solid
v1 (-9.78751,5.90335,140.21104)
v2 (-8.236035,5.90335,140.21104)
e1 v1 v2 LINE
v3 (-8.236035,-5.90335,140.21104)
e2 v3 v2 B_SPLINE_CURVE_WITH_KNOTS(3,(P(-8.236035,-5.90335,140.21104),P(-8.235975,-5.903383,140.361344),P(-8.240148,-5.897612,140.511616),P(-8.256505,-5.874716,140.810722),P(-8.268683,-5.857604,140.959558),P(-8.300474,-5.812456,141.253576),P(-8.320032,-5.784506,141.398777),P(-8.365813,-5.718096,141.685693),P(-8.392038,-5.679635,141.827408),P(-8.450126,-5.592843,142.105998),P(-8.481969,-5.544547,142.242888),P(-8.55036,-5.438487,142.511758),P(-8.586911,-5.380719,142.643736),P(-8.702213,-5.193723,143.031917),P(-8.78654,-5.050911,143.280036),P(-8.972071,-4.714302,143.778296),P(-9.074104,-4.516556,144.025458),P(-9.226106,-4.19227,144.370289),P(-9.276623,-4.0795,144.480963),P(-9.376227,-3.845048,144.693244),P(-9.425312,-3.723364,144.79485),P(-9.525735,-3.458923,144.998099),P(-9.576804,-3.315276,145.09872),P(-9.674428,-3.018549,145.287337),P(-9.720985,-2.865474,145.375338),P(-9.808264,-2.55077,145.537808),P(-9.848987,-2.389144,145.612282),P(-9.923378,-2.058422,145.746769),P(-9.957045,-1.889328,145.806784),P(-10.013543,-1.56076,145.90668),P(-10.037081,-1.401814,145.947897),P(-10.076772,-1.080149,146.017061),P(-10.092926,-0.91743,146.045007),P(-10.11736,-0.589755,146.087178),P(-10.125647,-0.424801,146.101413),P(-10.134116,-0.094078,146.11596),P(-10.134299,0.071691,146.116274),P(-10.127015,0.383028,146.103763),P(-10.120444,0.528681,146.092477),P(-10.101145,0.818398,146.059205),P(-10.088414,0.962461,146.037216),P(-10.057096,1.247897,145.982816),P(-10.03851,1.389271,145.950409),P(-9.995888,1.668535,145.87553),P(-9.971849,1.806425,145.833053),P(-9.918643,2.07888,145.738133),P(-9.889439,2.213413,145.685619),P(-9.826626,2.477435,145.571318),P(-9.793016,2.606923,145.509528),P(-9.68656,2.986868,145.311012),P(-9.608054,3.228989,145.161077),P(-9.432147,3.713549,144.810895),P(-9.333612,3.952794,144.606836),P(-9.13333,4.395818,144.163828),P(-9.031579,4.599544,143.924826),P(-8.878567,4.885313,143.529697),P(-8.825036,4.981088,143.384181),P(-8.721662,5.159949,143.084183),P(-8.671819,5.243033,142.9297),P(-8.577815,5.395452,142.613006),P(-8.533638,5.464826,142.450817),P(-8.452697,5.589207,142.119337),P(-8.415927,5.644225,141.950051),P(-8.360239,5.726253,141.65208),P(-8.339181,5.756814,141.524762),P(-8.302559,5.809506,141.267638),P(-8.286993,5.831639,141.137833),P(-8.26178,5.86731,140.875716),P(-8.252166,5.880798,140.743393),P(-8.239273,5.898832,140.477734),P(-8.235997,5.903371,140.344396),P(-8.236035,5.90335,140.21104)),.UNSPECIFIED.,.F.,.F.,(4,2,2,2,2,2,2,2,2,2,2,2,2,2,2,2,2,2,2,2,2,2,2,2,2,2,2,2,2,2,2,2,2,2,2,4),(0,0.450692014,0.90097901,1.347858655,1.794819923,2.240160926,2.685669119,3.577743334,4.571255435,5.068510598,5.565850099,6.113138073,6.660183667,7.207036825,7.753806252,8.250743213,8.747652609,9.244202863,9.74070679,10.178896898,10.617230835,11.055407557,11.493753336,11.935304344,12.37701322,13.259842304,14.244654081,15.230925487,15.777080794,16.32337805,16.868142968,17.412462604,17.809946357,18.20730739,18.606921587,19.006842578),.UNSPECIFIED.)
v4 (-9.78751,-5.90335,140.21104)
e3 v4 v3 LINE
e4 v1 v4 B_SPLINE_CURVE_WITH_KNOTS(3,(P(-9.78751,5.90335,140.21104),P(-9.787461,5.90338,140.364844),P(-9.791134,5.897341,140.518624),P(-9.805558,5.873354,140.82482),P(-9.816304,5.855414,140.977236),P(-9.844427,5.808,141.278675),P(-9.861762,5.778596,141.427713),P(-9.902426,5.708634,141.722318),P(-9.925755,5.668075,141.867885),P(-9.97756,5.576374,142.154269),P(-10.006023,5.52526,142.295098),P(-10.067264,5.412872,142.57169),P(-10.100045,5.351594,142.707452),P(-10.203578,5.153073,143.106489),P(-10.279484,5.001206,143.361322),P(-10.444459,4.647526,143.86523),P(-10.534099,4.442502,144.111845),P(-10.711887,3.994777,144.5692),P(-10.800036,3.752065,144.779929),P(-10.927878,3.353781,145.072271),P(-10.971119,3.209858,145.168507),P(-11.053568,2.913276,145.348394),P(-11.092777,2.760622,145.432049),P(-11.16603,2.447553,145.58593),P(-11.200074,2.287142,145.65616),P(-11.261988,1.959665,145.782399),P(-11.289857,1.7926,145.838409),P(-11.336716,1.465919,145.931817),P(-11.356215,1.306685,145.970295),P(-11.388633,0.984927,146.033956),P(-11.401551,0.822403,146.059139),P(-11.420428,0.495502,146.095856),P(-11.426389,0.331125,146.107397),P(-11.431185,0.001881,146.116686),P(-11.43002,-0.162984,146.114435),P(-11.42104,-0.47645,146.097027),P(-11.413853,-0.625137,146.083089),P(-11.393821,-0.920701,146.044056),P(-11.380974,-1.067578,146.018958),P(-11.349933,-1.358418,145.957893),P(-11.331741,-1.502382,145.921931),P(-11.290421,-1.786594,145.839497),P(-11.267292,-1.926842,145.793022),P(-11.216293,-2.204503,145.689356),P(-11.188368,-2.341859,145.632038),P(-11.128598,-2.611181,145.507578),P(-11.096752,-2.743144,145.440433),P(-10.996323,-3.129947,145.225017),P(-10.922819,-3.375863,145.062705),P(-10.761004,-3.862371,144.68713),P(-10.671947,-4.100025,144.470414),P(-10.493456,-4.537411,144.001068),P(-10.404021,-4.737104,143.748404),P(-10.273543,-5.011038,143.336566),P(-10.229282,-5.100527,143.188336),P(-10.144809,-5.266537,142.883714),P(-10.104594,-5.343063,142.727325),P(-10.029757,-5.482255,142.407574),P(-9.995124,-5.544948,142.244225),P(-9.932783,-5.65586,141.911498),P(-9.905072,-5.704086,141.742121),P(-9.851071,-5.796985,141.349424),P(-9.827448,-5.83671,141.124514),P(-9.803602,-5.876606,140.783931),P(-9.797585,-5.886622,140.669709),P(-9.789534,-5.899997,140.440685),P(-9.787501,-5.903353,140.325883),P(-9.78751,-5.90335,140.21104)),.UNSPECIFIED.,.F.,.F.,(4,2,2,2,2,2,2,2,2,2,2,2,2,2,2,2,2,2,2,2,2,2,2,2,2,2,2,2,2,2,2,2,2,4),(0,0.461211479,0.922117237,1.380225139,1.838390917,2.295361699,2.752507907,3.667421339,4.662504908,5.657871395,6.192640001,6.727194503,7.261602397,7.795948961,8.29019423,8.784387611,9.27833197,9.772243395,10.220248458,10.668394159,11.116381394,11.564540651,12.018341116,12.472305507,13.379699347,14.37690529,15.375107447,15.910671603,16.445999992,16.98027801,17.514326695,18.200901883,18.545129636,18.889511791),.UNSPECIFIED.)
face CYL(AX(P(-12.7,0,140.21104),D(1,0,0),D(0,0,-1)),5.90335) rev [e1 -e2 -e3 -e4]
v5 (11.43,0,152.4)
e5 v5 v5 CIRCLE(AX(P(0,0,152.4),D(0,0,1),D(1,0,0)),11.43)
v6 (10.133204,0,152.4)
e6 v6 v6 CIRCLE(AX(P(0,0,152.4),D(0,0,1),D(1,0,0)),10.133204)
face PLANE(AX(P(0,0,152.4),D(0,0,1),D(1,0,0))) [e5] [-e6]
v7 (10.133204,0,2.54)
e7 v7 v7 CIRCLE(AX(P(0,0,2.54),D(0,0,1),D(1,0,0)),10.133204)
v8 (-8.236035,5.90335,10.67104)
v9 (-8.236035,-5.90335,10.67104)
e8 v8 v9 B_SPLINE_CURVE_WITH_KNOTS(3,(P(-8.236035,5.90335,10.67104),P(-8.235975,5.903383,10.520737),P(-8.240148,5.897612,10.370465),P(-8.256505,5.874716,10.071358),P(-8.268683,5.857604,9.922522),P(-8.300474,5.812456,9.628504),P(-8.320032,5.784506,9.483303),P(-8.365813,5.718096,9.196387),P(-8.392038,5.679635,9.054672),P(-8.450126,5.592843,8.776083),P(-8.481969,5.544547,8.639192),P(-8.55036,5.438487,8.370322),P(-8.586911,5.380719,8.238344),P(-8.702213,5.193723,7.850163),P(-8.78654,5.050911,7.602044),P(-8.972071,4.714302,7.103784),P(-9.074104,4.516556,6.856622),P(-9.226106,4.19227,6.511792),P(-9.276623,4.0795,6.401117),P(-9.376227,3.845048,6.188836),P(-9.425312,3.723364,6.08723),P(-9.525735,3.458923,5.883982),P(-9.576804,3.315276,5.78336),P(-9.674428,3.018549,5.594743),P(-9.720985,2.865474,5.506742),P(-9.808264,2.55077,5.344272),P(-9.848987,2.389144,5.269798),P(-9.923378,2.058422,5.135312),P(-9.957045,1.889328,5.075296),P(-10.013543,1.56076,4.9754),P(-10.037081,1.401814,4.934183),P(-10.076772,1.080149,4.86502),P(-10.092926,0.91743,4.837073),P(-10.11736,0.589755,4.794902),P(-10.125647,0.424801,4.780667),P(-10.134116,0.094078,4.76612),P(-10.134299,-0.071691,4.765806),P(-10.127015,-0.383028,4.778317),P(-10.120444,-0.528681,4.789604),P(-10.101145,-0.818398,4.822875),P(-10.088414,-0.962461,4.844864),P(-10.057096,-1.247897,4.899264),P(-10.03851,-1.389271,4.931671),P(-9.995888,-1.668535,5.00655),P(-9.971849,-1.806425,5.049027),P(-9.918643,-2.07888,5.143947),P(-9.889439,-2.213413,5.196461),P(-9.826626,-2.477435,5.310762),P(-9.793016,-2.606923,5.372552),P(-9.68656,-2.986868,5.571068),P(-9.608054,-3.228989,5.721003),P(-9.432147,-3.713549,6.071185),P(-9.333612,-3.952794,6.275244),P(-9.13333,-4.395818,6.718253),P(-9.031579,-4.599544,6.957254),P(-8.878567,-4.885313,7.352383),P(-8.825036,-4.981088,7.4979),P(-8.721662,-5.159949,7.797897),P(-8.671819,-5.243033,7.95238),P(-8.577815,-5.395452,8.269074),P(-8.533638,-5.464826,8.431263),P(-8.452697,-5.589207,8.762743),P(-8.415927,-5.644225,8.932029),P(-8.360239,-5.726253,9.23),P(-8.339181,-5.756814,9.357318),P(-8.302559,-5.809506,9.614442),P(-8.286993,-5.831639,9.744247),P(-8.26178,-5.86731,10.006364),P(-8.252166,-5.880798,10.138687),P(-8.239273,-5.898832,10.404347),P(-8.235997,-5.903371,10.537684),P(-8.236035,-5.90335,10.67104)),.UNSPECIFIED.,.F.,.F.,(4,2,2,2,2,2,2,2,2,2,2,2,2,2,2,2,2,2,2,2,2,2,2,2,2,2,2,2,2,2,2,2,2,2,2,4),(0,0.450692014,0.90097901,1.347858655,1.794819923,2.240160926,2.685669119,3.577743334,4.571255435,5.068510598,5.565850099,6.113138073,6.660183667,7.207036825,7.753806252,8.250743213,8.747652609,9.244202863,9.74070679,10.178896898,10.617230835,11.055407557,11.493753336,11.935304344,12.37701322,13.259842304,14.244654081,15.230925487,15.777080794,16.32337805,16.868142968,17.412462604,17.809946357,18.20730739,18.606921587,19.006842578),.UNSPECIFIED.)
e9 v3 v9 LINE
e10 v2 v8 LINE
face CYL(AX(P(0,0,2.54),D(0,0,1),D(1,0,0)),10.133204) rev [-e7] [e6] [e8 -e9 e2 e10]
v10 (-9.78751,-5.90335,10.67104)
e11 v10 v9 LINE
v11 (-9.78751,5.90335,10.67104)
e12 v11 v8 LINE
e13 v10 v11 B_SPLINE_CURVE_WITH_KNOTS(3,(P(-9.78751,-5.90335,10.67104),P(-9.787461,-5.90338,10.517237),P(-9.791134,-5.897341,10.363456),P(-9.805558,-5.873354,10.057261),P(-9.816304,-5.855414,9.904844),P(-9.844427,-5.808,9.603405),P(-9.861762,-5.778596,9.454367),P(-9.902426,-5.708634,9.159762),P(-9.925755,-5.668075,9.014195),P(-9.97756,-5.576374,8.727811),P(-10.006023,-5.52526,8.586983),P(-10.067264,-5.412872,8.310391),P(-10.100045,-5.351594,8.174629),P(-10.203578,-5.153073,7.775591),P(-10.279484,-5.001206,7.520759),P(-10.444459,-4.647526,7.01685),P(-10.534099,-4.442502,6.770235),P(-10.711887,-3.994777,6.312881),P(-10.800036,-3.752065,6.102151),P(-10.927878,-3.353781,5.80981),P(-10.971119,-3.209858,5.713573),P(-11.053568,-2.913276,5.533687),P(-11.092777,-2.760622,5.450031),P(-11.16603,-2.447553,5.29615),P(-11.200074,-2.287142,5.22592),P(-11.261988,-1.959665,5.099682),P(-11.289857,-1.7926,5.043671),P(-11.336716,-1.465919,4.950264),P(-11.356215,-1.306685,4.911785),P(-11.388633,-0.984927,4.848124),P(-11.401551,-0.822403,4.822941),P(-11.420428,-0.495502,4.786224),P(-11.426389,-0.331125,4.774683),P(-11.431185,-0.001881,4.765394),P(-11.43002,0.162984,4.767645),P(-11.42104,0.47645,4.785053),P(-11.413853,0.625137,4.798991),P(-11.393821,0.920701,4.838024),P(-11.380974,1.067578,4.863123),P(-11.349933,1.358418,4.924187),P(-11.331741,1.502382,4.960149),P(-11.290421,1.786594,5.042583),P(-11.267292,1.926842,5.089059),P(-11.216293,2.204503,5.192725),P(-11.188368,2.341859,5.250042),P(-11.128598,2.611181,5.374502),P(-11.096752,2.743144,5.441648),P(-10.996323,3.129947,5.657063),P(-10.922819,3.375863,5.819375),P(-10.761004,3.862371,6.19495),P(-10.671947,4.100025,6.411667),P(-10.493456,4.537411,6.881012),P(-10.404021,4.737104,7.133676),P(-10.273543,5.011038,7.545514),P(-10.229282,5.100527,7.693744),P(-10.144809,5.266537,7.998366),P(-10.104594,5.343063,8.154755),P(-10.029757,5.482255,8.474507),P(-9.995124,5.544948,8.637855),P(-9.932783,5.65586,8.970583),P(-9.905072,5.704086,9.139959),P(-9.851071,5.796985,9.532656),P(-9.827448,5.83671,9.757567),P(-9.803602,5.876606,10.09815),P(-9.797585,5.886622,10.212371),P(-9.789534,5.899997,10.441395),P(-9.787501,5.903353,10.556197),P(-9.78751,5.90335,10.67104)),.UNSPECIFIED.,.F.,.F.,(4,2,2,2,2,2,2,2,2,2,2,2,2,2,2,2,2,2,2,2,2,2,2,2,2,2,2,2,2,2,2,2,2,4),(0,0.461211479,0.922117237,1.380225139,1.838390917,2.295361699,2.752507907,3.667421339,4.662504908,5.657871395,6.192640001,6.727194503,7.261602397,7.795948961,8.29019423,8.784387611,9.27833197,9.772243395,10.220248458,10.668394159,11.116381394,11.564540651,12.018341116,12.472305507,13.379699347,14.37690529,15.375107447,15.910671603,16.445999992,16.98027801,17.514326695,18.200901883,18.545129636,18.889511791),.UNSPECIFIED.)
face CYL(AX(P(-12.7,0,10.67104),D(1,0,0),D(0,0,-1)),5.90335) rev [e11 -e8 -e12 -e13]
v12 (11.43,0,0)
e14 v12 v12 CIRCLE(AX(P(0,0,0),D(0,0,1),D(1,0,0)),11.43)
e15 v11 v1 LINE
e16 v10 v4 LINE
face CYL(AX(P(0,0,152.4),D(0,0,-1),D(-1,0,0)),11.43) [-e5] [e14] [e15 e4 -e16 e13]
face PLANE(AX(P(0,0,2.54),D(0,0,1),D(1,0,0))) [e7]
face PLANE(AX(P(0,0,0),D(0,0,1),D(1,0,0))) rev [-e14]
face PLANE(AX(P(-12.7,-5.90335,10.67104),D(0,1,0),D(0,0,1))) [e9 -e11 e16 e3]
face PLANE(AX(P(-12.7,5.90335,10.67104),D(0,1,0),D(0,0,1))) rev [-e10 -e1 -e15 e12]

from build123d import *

# Parameters (mm, degrees)
SKETCH1_R           = 11.43
BOSS_EXTRUDE1_DEPTH = 152.4
SKETCH2_R           = 10.133203601
CUT_EXTRUDE1_DEPTH  = 149.86
CUT_EXTRUDE2_DEPTH  = 12.7


with BuildPart() as part:
    # Sketch1 → Boss-Extrude1 (new body)
    with BuildSketch(Plane.XY):
        with Locations(Location((0, 0, 0), (0, 0, 180))):
            Circle(SKETCH1_R)
    extrude(amount=BOSS_EXTRUDE1_DEPTH)

    # Sketch2 → Cut-Extrude1 (cut)
    with BuildSketch(Plane.XY.offset(152.4)):
        Circle(SKETCH2_R)
    extrude(amount=-CUT_EXTRUDE1_DEPTH, mode=Mode.SUBTRACT)

    # Sketch3 → Cut-Extrude2 (cut)
    with BuildSketch(Plane(origin=(0, 0, 0), x_dir=(0, 0, -1), z_dir=(1, 0, 0))):
        with BuildLine():
            Line((-10.671040116, -5.903350135), (-140.211040116, -5.903350135))
            ThreePointArc((-140.211040116, -5.903350135), (-146.114390251, 0), (-140.211040116, 5.903350135))
            Line((-140.211040116, 5.903350135), (-10.671040116, 5.903350135))
            ThreePointArc((-10.671040116, 5.903350135), (-4.767689981, 0), (-10.671040116, -5.903350135))
        make_face()
    extrude(amount=-CUT_EXTRUDE2_DEPTH, mode=Mode.SUBTRACT)


solid = part.part
